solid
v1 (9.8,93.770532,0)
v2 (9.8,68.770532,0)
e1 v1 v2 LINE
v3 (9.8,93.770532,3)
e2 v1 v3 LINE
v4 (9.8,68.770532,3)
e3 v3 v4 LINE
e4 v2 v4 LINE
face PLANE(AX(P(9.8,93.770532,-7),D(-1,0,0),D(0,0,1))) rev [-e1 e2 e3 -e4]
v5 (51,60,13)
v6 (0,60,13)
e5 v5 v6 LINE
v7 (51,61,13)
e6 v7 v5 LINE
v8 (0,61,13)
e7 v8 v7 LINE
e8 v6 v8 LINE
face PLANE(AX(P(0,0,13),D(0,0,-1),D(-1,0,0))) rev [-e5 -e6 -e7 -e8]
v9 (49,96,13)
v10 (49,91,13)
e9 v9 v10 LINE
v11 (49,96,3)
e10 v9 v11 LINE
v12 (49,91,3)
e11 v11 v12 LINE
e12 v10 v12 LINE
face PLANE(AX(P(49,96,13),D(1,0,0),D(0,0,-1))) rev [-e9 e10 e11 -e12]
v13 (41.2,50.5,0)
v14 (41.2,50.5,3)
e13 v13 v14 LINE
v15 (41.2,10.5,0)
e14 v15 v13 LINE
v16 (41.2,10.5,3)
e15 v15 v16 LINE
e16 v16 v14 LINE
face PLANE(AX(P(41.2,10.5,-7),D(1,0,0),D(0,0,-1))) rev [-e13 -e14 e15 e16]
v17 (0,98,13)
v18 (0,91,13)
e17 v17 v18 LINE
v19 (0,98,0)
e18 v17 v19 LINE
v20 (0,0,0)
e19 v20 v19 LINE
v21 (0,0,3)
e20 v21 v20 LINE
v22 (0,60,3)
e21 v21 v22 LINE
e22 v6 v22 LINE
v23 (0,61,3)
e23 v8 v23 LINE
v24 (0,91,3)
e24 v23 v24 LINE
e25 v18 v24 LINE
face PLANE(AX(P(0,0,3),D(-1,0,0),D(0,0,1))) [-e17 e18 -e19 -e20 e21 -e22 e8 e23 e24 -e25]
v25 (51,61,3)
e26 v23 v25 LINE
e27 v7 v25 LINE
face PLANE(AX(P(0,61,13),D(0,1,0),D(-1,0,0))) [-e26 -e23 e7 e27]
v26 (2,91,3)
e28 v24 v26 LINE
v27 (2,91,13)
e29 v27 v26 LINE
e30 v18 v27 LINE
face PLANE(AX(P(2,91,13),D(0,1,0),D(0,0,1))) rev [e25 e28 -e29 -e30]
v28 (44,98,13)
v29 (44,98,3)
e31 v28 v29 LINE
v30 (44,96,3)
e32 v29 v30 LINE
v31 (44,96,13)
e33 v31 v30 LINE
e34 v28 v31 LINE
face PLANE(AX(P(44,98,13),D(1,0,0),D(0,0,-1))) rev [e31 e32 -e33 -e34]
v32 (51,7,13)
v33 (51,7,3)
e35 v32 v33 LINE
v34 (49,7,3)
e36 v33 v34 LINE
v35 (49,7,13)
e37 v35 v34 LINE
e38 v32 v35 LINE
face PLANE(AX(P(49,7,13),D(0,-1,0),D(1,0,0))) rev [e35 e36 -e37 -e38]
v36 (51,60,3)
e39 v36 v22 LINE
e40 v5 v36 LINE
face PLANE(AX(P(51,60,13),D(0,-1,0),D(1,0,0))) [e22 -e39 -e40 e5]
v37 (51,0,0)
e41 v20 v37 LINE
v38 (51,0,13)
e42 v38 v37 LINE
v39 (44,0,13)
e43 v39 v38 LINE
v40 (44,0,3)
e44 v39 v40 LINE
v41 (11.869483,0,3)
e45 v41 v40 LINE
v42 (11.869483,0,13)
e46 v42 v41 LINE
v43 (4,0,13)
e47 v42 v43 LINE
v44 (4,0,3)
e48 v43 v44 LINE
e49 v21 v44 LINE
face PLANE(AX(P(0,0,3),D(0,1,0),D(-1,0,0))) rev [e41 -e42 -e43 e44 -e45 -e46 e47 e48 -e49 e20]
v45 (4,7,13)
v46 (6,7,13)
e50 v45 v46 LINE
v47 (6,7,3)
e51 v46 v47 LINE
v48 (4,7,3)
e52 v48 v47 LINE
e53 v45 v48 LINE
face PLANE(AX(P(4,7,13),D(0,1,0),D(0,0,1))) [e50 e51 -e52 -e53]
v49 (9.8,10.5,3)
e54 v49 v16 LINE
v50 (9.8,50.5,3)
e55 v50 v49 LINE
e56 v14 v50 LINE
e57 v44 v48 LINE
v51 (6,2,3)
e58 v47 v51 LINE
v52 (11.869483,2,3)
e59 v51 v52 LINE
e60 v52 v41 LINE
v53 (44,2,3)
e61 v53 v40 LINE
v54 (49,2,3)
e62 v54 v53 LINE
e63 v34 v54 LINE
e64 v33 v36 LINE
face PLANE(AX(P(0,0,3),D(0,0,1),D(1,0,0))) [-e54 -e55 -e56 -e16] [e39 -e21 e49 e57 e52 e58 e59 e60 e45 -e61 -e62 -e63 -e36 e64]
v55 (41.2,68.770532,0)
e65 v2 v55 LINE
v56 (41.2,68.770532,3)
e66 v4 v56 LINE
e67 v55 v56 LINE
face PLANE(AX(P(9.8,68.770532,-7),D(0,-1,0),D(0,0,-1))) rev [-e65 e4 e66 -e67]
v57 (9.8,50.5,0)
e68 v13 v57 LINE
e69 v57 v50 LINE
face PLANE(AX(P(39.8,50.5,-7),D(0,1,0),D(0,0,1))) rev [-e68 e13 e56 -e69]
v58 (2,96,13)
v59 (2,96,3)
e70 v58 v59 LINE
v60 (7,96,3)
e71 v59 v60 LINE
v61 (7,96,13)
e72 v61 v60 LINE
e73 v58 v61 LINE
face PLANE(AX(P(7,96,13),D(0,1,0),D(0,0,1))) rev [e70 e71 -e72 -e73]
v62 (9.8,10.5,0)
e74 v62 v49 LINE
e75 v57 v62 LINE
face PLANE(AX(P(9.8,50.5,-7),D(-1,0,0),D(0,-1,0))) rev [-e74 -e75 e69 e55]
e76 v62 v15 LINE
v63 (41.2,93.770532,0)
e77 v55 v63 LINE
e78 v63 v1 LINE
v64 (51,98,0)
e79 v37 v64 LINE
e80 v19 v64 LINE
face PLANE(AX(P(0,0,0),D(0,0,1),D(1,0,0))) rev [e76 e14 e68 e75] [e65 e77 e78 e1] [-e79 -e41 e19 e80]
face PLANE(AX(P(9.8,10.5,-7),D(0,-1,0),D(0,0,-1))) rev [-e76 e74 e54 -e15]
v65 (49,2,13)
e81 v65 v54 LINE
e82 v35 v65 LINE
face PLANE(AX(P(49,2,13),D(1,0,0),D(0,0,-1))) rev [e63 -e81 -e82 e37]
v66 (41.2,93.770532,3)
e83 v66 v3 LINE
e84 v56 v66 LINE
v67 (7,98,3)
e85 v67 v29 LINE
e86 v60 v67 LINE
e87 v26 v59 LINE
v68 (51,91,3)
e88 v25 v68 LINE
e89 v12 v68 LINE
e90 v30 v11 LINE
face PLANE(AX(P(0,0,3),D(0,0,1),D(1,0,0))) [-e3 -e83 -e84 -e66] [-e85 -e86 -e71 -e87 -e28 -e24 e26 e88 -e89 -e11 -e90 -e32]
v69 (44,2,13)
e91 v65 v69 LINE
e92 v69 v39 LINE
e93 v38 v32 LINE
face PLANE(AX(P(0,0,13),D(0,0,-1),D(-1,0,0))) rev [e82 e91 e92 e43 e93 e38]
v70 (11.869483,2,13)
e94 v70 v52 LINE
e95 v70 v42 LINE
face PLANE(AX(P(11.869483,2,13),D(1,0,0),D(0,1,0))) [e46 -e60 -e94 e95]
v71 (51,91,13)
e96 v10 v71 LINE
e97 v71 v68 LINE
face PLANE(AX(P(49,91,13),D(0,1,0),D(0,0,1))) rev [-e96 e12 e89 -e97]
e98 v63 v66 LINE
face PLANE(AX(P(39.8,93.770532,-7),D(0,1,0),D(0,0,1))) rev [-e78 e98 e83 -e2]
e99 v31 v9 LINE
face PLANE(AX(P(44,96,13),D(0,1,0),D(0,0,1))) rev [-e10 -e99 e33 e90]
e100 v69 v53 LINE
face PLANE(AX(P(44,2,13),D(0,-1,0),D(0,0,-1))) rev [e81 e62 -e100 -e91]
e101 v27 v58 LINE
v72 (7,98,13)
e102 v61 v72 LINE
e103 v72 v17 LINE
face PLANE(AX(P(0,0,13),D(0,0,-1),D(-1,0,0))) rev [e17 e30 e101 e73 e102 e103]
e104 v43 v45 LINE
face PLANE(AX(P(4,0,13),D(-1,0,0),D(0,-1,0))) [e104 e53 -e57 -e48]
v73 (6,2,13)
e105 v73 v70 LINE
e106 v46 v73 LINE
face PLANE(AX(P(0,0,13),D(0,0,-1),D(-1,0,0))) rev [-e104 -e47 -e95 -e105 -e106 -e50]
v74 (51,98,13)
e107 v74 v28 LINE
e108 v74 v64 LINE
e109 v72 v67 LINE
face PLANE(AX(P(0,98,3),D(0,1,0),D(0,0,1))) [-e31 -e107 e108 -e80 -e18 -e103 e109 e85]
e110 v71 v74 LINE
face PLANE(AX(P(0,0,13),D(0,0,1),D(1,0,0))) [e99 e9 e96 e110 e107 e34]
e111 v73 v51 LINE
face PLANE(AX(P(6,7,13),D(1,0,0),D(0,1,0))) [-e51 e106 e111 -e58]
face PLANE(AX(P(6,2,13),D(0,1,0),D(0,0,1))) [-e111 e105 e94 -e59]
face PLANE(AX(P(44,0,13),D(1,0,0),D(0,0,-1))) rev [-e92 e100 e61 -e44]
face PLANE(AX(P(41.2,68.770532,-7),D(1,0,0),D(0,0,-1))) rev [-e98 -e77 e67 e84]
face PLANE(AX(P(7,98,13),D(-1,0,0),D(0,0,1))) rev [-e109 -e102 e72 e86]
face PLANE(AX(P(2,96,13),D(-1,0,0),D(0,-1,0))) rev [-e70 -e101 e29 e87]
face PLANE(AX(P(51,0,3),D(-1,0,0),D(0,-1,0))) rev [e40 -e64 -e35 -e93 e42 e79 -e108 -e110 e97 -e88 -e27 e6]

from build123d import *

# Parameters (mm, degrees)
SKETCH1_W           = 51
SKETCH1_H           = 98
BOSS_EXTRUDE2_DEPTH = 3
BOSS_EXTRUDE3_DEPTH = 10
BOSS_EXTRUDE4_DEPTH = 10
SKETCH5_W           = 51
SKETCH5_H           = 1
BOSS_EXTRUDE5_DEPTH = 10
CUT_EXTRUDE1_DEPTH  = 10


with BuildPart() as part:
    # Sketch1 → Boss-Extrude2 (new body)
    with BuildSketch(Plane.XY):
        with Locations((25.5, 49)):
            Rectangle(SKETCH1_W, SKETCH1_H)
    extrude(amount=BOSS_EXTRUDE2_DEPTH)

    # Sketch3 → Boss-Extrude3 (add)
    with BuildSketch(Plane.XY.offset(3)):
        Polygon((0, 98), (7, 98), (7, 96), (2, 96), (2, 91), (0, 91), align=None)
        Polygon((51, 98), (44, 98), (44, 96), (49, 96), (49, 91), (51, 91), align=None)
        Polygon((51, 0), (44, 0), (44, 2), (49, 2), (49, 7), (51, 7), align=None)
    extrude(amount=BOSS_EXTRUDE3_DEPTH)

    # Sketch4 → Boss-Extrude4 (add)
    with BuildSketch(Plane.XY.offset(3)):
        Polygon((4, 0), (4, 7), (6, 7), (6, 2), (11.869482621, 2), (11.869482621, 0), align=None)
    extrude(amount=BOSS_EXTRUDE4_DEPTH)

    # Sketch5 → Boss-Extrude5 (add)
    with BuildSketch(Plane.XY.offset(3)):
        with Locations((25.5, 60.5)):
            Rectangle(SKETCH5_W, SKETCH5_H)
    extrude(amount=BOSS_EXTRUDE5_DEPTH)

    # Sketch6 → Cut-Extrude1 (cut)
    with BuildSketch(Plane.XY.offset(3)):
        Polygon((39.8, 93.770532131), (9.8, 93.770532131), (9.8, 68.770532131), (41.2, 68.770532131), (41.2, 93.770532131), align=None)
        Polygon((39.8, 50.5), (9.8, 50.5), (9.8, 10.5), (41.2, 10.5), (41.2, 50.5), align=None)
    extrude(amount=-CUT_EXTRUDE1_DEPTH, mode=Mode.SUBTRACT)


solid = part.part
